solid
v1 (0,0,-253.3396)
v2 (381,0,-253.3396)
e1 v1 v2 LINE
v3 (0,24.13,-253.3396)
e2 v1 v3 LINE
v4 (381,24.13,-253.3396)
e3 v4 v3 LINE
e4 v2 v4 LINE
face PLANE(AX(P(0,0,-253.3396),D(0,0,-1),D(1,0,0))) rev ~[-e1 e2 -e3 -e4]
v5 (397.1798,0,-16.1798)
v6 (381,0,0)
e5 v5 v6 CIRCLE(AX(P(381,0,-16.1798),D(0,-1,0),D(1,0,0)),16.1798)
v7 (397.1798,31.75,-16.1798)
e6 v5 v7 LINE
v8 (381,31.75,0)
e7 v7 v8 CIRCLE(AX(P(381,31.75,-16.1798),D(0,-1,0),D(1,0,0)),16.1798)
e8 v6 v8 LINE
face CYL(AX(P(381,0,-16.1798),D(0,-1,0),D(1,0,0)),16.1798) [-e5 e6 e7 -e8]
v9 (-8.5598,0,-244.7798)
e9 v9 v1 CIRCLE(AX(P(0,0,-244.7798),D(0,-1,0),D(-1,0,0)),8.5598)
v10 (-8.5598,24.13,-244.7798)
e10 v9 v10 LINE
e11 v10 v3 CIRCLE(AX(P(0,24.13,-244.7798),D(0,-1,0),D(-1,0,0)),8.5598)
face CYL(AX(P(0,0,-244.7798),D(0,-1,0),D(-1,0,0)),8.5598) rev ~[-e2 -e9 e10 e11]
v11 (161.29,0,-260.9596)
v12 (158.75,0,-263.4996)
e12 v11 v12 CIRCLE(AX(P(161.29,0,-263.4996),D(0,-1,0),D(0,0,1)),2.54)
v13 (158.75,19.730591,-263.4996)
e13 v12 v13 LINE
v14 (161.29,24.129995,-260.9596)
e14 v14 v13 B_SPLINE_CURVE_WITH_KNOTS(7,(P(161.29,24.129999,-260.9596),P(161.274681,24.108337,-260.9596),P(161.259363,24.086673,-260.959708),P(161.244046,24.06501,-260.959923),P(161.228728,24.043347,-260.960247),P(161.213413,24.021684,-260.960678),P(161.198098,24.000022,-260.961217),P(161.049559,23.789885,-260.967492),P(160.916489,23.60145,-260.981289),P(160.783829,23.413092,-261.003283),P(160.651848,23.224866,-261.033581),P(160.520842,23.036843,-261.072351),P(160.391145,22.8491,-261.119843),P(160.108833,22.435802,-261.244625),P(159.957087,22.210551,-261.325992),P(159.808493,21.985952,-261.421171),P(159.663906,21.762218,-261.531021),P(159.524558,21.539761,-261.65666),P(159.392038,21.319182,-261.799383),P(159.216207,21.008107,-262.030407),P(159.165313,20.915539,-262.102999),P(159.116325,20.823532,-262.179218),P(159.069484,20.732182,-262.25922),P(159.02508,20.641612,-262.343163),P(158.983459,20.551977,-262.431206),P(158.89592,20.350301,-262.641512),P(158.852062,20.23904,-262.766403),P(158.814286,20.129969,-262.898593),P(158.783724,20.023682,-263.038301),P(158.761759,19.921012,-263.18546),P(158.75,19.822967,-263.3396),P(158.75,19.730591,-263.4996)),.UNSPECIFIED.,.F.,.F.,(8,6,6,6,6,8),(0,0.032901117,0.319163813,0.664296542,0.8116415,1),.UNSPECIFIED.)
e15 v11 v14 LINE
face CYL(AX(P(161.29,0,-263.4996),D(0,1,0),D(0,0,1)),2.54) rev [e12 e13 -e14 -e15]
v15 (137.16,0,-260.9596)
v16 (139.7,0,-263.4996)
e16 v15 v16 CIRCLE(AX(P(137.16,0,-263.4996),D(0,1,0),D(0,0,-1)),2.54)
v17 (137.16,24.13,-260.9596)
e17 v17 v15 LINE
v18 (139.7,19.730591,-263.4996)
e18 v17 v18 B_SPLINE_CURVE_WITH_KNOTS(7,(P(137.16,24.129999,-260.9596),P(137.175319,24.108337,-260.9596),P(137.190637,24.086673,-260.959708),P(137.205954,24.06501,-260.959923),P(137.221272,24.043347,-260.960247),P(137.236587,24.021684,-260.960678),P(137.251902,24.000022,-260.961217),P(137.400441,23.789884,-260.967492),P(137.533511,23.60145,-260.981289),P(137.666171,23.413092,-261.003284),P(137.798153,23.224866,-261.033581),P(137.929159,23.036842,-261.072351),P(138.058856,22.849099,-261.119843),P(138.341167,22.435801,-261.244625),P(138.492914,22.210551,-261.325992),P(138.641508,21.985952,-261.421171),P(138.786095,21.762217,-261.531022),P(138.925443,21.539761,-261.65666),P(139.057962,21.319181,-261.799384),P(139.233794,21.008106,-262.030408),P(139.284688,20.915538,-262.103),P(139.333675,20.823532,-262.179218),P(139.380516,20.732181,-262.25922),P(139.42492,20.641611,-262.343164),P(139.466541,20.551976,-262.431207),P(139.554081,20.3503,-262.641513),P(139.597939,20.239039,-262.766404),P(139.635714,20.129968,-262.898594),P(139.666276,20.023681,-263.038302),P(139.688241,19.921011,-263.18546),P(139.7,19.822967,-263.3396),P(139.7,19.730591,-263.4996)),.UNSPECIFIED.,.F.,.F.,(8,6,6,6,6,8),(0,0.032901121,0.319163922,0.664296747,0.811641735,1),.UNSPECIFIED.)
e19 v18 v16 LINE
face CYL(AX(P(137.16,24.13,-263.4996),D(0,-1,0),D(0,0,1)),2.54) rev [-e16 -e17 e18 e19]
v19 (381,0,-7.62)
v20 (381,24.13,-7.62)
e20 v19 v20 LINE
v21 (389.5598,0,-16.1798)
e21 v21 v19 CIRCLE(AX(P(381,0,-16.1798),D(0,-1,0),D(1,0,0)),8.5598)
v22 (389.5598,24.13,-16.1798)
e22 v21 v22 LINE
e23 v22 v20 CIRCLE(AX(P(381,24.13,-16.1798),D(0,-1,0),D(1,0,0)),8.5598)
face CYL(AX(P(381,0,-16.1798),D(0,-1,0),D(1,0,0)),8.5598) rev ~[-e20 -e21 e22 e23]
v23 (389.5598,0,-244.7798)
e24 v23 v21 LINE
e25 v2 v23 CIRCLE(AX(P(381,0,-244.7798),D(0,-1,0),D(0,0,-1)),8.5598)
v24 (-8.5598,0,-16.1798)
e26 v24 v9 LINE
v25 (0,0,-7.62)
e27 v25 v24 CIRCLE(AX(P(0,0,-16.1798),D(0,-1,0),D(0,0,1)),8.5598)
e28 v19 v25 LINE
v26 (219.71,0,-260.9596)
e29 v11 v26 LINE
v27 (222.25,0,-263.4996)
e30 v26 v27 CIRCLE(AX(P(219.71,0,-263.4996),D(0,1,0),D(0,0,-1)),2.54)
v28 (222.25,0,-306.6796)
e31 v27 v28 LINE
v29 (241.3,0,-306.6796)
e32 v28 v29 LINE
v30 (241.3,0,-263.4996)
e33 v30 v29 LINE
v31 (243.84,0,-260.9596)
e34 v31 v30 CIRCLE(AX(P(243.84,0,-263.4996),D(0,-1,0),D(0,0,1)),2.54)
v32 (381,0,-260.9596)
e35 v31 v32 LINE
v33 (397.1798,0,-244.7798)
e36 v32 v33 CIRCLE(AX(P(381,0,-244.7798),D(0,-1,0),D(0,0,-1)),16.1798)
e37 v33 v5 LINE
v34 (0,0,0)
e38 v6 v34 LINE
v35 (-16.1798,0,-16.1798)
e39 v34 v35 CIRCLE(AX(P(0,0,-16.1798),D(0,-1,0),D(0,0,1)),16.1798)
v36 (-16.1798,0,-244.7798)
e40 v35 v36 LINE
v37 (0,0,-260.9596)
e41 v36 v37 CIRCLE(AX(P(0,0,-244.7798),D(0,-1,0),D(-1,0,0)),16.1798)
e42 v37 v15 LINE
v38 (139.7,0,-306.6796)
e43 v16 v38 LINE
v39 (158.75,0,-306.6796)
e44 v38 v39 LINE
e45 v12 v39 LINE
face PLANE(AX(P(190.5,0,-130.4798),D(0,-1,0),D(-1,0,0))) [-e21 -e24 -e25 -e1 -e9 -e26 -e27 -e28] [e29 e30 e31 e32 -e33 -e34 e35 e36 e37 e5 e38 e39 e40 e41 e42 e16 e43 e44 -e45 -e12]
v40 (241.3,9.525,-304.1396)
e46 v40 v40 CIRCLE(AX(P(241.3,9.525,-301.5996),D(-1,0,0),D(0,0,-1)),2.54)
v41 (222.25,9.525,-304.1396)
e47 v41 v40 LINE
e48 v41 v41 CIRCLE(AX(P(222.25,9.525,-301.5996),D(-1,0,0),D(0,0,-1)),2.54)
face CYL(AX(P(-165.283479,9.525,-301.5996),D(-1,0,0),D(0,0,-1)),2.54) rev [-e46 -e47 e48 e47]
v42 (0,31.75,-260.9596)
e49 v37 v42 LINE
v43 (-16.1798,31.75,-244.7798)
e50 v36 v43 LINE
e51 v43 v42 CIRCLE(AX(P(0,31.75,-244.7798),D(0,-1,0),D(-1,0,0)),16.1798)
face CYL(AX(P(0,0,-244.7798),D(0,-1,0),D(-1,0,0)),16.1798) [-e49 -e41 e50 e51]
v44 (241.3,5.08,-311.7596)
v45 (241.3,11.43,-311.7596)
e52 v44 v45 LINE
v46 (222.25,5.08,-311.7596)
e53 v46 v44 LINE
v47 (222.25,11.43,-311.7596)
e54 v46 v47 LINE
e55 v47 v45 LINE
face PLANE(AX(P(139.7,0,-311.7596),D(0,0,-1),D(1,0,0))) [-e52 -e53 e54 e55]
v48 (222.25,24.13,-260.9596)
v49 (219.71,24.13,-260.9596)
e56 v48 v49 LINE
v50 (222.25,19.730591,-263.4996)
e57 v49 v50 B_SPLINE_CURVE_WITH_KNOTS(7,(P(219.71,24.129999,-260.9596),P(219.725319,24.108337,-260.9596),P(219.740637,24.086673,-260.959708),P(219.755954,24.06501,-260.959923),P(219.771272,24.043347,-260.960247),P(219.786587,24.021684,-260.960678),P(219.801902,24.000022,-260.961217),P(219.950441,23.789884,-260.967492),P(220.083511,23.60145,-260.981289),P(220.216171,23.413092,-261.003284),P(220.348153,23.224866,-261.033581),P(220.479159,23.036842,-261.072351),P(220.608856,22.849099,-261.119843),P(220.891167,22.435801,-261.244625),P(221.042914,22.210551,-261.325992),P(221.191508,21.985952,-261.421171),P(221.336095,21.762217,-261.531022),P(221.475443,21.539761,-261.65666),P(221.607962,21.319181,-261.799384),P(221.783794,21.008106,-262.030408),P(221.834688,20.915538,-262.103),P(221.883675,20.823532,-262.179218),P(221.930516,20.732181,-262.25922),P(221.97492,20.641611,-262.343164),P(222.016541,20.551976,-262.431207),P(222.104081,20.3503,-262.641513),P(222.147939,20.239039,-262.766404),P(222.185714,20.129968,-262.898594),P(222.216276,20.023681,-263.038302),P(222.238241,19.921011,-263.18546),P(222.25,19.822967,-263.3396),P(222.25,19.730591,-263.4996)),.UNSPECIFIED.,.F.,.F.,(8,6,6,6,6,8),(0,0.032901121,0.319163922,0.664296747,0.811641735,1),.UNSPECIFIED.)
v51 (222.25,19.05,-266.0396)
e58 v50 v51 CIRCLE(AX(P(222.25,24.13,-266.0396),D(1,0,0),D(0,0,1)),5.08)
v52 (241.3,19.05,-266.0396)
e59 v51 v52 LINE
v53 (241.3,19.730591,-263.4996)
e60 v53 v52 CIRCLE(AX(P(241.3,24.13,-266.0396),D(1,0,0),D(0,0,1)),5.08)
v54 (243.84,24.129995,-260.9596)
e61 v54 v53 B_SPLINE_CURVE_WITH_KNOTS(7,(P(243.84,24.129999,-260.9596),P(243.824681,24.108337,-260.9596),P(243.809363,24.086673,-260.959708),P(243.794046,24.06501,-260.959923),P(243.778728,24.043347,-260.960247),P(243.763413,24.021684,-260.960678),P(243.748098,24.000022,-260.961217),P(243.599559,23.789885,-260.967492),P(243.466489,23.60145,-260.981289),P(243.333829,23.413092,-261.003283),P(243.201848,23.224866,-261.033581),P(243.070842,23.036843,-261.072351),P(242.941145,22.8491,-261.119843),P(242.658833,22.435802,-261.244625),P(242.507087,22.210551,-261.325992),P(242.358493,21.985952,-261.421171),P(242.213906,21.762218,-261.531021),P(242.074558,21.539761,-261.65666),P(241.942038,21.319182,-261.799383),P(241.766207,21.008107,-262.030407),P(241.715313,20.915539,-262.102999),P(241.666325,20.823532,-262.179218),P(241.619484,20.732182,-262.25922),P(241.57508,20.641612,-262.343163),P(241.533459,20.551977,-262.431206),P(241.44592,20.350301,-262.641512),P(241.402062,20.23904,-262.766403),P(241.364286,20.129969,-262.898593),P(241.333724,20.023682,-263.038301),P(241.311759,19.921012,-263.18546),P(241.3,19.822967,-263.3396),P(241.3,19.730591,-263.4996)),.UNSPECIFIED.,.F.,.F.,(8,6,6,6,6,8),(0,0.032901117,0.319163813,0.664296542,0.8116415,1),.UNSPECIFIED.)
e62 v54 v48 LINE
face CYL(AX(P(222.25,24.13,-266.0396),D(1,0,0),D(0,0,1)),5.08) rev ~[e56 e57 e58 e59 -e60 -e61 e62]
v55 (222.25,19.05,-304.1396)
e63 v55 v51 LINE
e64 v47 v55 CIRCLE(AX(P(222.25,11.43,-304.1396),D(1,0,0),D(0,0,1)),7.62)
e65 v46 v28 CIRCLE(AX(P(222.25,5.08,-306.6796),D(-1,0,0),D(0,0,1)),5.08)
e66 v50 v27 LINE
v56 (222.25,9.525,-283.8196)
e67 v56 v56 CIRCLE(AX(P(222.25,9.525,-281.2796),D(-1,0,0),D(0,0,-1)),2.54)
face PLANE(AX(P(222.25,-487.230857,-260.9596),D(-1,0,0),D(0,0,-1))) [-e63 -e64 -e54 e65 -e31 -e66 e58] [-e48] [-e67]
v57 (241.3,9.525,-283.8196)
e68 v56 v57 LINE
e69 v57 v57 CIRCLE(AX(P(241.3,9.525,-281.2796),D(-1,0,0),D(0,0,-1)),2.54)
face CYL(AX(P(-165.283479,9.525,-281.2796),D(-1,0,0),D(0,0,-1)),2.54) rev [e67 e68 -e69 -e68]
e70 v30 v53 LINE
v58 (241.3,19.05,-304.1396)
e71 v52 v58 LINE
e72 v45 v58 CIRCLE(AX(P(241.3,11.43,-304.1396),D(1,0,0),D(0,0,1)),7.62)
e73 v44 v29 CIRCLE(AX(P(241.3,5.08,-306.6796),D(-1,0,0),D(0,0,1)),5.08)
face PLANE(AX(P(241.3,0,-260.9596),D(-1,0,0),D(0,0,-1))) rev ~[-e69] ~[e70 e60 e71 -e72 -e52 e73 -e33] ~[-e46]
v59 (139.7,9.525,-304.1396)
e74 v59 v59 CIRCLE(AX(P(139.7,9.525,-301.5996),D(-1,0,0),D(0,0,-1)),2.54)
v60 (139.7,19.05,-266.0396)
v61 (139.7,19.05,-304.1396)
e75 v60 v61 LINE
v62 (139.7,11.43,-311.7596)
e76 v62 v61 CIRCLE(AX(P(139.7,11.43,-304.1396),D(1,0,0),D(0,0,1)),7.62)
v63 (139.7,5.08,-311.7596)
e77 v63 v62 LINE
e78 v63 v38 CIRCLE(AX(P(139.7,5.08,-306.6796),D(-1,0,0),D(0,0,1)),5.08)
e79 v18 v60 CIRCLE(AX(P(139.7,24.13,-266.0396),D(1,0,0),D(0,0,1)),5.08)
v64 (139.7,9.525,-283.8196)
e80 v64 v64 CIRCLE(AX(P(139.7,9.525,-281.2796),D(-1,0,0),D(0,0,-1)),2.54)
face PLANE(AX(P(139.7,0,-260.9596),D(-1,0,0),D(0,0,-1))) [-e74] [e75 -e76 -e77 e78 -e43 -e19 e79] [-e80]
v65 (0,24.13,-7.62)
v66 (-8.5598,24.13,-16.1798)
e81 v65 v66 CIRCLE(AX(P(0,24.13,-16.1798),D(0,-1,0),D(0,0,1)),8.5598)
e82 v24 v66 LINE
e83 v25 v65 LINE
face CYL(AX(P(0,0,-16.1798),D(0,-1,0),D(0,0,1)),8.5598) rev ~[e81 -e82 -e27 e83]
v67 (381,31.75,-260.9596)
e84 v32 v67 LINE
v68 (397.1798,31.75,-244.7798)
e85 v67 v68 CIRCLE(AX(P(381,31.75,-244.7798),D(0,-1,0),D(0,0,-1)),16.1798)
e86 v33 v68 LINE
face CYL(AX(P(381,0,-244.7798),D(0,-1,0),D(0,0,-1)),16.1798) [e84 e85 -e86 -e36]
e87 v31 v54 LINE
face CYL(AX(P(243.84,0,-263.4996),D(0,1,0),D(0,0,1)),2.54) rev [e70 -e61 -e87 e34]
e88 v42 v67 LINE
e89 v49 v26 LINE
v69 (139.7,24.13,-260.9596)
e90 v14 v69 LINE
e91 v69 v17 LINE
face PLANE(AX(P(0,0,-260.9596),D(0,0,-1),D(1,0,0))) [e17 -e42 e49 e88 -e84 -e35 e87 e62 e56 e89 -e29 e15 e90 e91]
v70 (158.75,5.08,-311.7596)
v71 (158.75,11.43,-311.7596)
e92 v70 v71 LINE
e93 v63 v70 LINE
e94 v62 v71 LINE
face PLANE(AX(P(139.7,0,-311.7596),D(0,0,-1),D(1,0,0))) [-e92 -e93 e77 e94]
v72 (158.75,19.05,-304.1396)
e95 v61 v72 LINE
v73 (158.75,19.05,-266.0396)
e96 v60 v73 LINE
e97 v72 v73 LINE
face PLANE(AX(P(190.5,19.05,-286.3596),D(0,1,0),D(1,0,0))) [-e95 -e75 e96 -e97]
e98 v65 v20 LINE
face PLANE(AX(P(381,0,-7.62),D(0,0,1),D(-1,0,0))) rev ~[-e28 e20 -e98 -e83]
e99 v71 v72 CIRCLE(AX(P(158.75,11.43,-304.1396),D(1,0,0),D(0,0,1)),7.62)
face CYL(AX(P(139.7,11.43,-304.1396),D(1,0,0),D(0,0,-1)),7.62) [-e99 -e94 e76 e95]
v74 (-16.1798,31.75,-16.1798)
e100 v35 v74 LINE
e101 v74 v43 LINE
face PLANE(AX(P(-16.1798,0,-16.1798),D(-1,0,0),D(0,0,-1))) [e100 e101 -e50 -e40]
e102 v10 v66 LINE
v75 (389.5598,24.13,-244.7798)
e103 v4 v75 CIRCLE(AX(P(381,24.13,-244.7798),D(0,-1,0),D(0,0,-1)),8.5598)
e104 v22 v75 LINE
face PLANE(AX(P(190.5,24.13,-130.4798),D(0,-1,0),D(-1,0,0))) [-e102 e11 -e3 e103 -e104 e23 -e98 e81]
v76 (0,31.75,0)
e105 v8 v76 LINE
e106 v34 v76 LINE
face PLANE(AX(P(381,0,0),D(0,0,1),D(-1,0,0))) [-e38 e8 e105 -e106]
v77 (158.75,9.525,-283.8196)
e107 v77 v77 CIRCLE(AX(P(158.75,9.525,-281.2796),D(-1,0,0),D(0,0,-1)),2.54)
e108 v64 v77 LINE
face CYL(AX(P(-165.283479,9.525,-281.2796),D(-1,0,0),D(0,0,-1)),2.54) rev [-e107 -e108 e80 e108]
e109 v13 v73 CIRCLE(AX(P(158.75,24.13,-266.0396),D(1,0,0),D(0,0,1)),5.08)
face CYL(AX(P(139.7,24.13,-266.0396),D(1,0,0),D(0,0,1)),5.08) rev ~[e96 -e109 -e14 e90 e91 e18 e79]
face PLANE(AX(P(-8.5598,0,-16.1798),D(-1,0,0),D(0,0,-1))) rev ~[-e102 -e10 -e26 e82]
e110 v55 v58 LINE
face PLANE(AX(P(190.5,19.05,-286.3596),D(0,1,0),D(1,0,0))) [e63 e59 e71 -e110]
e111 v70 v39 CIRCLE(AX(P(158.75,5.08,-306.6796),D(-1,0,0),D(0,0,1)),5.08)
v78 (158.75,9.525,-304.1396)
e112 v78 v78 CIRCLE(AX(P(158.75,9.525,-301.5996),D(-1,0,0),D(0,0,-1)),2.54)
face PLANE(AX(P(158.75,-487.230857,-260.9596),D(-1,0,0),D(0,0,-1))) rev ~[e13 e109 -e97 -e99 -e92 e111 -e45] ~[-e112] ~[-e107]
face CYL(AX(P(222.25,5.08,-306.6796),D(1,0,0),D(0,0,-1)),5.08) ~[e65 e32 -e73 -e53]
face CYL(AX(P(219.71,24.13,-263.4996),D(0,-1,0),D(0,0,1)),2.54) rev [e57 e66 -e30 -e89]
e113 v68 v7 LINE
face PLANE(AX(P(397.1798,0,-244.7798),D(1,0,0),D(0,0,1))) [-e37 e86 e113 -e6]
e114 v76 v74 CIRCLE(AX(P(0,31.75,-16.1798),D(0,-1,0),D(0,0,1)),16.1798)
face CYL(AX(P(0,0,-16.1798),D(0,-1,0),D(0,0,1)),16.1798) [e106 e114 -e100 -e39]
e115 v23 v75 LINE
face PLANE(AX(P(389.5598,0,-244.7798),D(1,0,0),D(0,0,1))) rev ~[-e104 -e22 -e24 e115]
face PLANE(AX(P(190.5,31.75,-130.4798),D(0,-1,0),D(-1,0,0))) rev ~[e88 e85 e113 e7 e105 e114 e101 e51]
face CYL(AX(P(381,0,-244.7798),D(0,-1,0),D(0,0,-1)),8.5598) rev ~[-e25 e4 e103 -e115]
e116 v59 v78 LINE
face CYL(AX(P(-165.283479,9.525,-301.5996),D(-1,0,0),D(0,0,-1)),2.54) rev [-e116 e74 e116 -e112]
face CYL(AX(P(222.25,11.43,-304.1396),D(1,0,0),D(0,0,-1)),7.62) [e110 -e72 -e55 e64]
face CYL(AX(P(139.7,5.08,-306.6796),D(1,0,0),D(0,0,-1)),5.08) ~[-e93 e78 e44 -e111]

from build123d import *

# Parameters (mm, degrees)
BOSS_EXTRUDE1_DEPTH     = 31.75
SHELL1_T                = -7.62
SKETCH1_5_W             = 101.6
SKETCH1_5_H             = 50.8
BOSS_EXTRUDE3_DEPTH     = 19.05
CUT_EXTRUDE2_DEPTH      = 506.280856772
CUT_EXTRUDE2_DEPTH_BACK = 506.280856772
SKETCH4_W               = 63.5
SKETCH4_H               = 50.8
FILLET5_R               = 7.62
FILLET6_R               = 5.08
FILLET7_R               = 7.62
FILLET8_R               = 5.08
FILLET9_R               = 5.08
FILLET10_R              = 5.08
FILLET11_R              = 2.54
FILLET12_R              = 2.54
FILLET13_R              = 2.54
FILLET14_R              = 2.54
CUT_EXTRUDE3_DEPTH      = 406.583478584
CUT_EXTRUDE3_DEPTH_BACK = 406.583478584
SKETCH5_R               = 2.54


with BuildPart() as part:
    # Sketch1 → Boss-Extrude1 (new body)
    with BuildSketch(Plane(origin=(0, 0, 0), x_dir=(1, 0, 0), z_dir=(0, 1, 0))):
        with BuildLine():
            ThreePointArc((-16.1798, 16.1798), (-11.440846298, 4.738953702), (0, 0))
            Line((0, 0), (381, 0))
            ThreePointArc((381, 0), (392.440846298, 4.738953702), (397.1798, 16.1798))
            Line((397.1798, 16.1798), (397.1798, 244.7798))
            ThreePointArc((397.1798, 244.7798), (392.440846298, 256.220646298), (381, 260.9596))
            Line((381, 260.9596), (241.3, 260.9596))
            Line((241.3, 260.9596), (139.7, 260.9596))
            Line((139.7, 260.9596), (0, 260.9596))
            ThreePointArc((0, 260.9596), (-11.440846298, 256.220646298), (-16.1798, 244.7798))
            Line((-16.1798, 244.7798), (-16.1798, 16.1798))
        make_face()
    extrude(amount=BOSS_EXTRUDE1_DEPTH)

    # Shell1
    shell1_openings = [part.faces().sort_by_distance(p)[0] for p in [
        (190.5, 0, -130.4798),
    ]]
    offset(amount=SHELL1_T, openings=shell1_openings, kind=Kind.INTERSECTION)

    # Sketch1<5> → Boss-Extrude3 (add)
    with BuildSketch(Plane(origin=(0, 0, 0), x_dir=(1, 0, 0), z_dir=(0, 1, 0))):
        with Locations((190.5, 286.3596)):
            Rectangle(SKETCH1_5_W, SKETCH1_5_H)
    extrude(amount=BOSS_EXTRUDE3_DEPTH)

    # Sketch4 → Cut-Extrude2 (cut, two sides: drawn at the far end of the back side and taken through both)
    with BuildSketch(Plane(origin=(0, 19.05, 0), x_dir=(1, 0, 0), z_dir=(0, 1, 0)).offset(-CUT_EXTRUDE2_DEPTH_BACK)):
        with Locations((190.5, 286.3596)):
            Rectangle(SKETCH4_W, SKETCH4_H)
    extrude(amount=CUT_EXTRUDE2_DEPTH + CUT_EXTRUDE2_DEPTH_BACK, mode=Mode.SUBTRACT)

    # Fillet5
    fillet5_edges = [part.edges().sort_by_distance(p)[0] for p in [
        (231.775, 19.05, -311.7596),
    ]]
    fillet(fillet5_edges, radius=FILLET5_R)

    # Fillet6
    fillet6_edges = [part.edges().sort_by_distance(p)[0] for p in [
        (231.775, 0, -311.7596),
    ]]
    fillet(fillet6_edges, radius=FILLET6_R)

    # Fillet7
    fillet7_edges = [part.edges().sort_by_distance(p)[0] for p in [
        (149.225, 19.05, -311.7596),
    ]]
    fillet(fillet7_edges, radius=FILLET7_R)

    # Fillet8
    fillet8_edges = [part.edges().sort_by_distance(p)[0] for p in [
        (149.225, 0, -311.7596),
    ]]
    fillet(fillet8_edges, radius=FILLET8_R)

    # Fillet9
    fillet9_edges = [part.edges().sort_by_distance(p)[0] for p in [
        (231.775, 19.05, -260.9596),
    ]]
    fillet(fillet9_edges, radius=FILLET9_R)

    # Fillet10
    fillet10_edges = [part.edges().sort_by_distance(p)[0] for p in [
        (149.225, 19.05, -260.9596),
    ]]
    fillet(fillet10_edges, radius=FILLET10_R)

    # Fillet11
    fillet11_edges = [part.edges().sort_by_distance(p)[0] for p in [
        (241.3, 12.065, -260.9596),
    ]]
    fillet(fillet11_edges, radius=FILLET11_R)

    # Fillet12
    fillet12_edges = [part.edges().sort_by_distance(p)[0] for p in [
        (222.25, 12.065, -260.9596),
    ]]
    fillet(fillet12_edges, radius=FILLET12_R)

    # Fillet13
    fillet13_edges = [part.edges().sort_by_distance(p)[0] for p in [
        (158.75, 12.065, -260.9596),
    ]]
    fillet(fillet13_edges, radius=FILLET13_R)

    # Fillet14
    fillet14_edges = [part.edges().sort_by_distance(p)[0] for p in [
        (139.7, 12.065, -260.9596),
    ]]
    fillet(fillet14_edges, radius=FILLET14_R)

    # Sketch5 → Cut-Extrude3 (cut, two sides: drawn at the far end of the back side and taken through both)
    with BuildSketch(Plane(origin=(241.3, 0, 0), x_dir=(0, 0, -1), z_dir=(1, 0, 0)).offset(-CUT_EXTRUDE3_DEPTH_BACK)):
        with Locations((301.5996, 9.525)):
            Circle(SKETCH5_R)
        with Locations((281.2796, 9.525)):
            Circle(SKETCH5_R)
    extrude(amount=CUT_EXTRUDE3_DEPTH + CUT_EXTRUDE3_DEPTH_BACK, mode=Mode.SUBTRACT)


solid = part.part
